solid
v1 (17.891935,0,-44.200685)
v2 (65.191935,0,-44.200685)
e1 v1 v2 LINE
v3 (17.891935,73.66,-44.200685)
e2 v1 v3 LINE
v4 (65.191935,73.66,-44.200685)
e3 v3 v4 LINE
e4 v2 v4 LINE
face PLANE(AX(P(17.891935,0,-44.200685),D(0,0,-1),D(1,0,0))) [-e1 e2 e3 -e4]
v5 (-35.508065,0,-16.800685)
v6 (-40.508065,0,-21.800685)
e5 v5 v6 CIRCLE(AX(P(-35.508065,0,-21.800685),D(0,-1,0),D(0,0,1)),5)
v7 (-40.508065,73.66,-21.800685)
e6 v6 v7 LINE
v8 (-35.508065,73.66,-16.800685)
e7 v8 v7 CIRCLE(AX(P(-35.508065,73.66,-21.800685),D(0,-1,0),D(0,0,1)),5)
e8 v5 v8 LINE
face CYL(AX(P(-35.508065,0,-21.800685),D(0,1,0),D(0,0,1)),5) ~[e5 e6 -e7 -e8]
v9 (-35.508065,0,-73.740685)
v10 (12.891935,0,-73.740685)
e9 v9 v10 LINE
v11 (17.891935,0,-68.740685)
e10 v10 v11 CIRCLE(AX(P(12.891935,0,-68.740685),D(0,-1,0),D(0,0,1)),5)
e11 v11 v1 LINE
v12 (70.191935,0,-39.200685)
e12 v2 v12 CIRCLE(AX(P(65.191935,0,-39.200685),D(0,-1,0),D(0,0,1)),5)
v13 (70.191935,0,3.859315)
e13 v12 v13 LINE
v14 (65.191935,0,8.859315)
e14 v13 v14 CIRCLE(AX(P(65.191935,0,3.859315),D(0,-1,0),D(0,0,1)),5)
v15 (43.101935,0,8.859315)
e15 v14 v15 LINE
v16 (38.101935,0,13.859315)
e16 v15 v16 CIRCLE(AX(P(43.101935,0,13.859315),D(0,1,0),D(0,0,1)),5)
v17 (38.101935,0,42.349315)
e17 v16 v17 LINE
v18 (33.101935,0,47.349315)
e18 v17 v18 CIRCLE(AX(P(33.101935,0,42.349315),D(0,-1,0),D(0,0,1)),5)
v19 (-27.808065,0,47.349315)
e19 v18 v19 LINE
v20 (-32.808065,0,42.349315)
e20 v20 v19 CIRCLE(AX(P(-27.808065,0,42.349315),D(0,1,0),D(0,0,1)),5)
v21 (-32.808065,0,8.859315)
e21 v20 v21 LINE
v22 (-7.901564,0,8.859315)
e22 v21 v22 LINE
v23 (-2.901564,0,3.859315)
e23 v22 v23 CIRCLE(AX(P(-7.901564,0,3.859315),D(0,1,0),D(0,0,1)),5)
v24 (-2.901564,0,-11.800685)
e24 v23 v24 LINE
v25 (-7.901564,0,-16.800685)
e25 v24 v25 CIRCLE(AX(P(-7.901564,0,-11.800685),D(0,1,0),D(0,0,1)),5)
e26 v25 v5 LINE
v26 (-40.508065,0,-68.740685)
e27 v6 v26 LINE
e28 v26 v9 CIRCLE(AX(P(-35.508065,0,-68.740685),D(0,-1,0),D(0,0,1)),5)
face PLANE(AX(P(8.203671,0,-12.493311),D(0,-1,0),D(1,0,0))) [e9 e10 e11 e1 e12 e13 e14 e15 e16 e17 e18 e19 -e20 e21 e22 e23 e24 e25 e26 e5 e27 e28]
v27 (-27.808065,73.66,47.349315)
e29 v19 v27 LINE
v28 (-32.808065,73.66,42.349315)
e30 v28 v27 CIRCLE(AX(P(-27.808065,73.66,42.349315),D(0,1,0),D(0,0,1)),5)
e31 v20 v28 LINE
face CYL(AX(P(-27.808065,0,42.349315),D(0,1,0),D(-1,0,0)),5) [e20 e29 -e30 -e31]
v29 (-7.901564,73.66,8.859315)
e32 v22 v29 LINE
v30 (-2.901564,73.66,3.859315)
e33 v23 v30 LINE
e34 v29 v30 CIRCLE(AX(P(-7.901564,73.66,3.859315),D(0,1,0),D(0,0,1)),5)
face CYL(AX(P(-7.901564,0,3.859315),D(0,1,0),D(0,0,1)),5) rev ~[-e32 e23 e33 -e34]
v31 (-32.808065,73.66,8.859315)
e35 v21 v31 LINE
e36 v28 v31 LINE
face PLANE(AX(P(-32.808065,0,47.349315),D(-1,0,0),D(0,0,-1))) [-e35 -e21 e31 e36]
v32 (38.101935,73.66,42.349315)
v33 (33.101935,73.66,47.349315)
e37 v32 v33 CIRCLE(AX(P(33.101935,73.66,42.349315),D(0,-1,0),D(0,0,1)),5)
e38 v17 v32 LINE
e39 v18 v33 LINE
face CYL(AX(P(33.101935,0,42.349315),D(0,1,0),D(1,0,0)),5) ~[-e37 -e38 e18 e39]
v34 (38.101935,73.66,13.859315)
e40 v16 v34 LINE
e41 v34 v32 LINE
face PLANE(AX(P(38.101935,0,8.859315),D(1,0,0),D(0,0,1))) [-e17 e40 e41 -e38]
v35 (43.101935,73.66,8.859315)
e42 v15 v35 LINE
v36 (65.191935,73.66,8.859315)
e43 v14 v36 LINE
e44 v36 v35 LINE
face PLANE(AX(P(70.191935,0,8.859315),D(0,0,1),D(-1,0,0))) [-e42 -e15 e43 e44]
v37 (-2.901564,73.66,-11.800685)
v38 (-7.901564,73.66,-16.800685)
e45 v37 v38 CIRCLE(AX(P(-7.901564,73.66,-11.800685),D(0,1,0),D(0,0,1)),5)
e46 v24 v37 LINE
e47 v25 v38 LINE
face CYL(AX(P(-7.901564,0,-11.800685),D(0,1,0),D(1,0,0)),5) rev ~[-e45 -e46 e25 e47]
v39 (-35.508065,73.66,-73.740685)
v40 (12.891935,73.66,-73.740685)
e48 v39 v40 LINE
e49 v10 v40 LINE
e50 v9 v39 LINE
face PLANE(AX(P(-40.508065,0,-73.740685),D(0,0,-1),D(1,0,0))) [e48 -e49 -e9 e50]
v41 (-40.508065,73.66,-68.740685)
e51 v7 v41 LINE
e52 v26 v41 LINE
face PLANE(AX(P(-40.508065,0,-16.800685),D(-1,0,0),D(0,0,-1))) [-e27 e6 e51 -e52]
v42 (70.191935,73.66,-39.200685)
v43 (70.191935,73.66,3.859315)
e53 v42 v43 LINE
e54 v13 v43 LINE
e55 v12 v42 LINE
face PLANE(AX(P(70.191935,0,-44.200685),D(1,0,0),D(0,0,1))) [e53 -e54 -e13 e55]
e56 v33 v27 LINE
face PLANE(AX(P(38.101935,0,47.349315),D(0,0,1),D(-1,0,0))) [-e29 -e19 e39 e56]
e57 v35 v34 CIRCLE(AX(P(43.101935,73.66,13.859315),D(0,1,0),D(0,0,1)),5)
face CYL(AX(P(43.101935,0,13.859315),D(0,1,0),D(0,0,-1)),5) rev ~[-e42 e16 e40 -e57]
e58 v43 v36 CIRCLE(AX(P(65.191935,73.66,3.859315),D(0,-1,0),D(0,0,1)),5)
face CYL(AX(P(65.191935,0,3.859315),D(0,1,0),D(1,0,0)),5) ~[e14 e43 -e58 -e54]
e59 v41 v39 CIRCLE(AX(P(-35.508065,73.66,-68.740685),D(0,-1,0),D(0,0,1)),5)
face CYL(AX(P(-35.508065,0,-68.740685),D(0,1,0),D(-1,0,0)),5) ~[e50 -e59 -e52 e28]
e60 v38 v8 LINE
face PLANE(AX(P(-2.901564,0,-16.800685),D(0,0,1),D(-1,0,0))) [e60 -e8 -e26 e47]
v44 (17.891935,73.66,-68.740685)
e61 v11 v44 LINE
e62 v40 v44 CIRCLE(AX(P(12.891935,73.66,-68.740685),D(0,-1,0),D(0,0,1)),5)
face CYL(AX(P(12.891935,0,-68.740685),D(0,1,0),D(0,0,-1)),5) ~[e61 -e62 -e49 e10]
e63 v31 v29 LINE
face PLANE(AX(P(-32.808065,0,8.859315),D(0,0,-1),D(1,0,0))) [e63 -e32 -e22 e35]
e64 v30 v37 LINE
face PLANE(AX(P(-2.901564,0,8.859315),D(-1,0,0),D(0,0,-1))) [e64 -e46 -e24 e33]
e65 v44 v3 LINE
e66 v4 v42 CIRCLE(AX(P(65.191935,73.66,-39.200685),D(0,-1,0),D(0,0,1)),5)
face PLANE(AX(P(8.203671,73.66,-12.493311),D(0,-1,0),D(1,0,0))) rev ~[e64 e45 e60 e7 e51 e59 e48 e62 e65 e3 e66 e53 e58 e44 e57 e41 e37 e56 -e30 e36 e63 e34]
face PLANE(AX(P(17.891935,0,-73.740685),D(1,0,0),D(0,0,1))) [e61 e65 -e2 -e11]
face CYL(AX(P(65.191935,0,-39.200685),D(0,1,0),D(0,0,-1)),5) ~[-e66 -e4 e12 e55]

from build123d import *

# Parameters (mm, degrees)
F1_DEPTH = 73.66
F2_R     = 5


with BuildPart() as f1:
    # F0 (on Front) → F1 (new body)
    with BuildSketch(Plane.XZ):
        Polygon((-32.808065, 47.349315), (-32.808065, 8.859315), (-2.901564, 8.859315), (-2.901564, -16.800685), (-40.508065, -16.800685), (-40.508065, -73.740685), (17.891935, -73.740685), (17.891935, -44.200685), (70.191935, -44.200685), (70.191935, 8.859315), (38.101935, 8.859315), (38.101935, 47.349315), align=None)
    extrude(amount=-F1_DEPTH)

    # F2
    f2_edges = [f1.edges().sort_by_distance(p)[0] for p in [
        (38.101935, 36.83, 47.349315),
        (-32.808065, 36.83, 47.349315),
        (38.101935, 36.83, 8.859315),
        (70.191935, 36.83, 8.859315),
        (70.191935, 36.83, -44.200685),
        (17.891935, 36.83, -73.740685),
        (-40.508065, 36.83, -73.740685),
        (-40.508065, 36.83, -16.800685),
        (-2.901564, 36.83, -16.800685),
        (-2.901564, 36.83, 8.859315),
    ]]
    fillet(f2_edges, radius=F2_R)


solid = f1.part
